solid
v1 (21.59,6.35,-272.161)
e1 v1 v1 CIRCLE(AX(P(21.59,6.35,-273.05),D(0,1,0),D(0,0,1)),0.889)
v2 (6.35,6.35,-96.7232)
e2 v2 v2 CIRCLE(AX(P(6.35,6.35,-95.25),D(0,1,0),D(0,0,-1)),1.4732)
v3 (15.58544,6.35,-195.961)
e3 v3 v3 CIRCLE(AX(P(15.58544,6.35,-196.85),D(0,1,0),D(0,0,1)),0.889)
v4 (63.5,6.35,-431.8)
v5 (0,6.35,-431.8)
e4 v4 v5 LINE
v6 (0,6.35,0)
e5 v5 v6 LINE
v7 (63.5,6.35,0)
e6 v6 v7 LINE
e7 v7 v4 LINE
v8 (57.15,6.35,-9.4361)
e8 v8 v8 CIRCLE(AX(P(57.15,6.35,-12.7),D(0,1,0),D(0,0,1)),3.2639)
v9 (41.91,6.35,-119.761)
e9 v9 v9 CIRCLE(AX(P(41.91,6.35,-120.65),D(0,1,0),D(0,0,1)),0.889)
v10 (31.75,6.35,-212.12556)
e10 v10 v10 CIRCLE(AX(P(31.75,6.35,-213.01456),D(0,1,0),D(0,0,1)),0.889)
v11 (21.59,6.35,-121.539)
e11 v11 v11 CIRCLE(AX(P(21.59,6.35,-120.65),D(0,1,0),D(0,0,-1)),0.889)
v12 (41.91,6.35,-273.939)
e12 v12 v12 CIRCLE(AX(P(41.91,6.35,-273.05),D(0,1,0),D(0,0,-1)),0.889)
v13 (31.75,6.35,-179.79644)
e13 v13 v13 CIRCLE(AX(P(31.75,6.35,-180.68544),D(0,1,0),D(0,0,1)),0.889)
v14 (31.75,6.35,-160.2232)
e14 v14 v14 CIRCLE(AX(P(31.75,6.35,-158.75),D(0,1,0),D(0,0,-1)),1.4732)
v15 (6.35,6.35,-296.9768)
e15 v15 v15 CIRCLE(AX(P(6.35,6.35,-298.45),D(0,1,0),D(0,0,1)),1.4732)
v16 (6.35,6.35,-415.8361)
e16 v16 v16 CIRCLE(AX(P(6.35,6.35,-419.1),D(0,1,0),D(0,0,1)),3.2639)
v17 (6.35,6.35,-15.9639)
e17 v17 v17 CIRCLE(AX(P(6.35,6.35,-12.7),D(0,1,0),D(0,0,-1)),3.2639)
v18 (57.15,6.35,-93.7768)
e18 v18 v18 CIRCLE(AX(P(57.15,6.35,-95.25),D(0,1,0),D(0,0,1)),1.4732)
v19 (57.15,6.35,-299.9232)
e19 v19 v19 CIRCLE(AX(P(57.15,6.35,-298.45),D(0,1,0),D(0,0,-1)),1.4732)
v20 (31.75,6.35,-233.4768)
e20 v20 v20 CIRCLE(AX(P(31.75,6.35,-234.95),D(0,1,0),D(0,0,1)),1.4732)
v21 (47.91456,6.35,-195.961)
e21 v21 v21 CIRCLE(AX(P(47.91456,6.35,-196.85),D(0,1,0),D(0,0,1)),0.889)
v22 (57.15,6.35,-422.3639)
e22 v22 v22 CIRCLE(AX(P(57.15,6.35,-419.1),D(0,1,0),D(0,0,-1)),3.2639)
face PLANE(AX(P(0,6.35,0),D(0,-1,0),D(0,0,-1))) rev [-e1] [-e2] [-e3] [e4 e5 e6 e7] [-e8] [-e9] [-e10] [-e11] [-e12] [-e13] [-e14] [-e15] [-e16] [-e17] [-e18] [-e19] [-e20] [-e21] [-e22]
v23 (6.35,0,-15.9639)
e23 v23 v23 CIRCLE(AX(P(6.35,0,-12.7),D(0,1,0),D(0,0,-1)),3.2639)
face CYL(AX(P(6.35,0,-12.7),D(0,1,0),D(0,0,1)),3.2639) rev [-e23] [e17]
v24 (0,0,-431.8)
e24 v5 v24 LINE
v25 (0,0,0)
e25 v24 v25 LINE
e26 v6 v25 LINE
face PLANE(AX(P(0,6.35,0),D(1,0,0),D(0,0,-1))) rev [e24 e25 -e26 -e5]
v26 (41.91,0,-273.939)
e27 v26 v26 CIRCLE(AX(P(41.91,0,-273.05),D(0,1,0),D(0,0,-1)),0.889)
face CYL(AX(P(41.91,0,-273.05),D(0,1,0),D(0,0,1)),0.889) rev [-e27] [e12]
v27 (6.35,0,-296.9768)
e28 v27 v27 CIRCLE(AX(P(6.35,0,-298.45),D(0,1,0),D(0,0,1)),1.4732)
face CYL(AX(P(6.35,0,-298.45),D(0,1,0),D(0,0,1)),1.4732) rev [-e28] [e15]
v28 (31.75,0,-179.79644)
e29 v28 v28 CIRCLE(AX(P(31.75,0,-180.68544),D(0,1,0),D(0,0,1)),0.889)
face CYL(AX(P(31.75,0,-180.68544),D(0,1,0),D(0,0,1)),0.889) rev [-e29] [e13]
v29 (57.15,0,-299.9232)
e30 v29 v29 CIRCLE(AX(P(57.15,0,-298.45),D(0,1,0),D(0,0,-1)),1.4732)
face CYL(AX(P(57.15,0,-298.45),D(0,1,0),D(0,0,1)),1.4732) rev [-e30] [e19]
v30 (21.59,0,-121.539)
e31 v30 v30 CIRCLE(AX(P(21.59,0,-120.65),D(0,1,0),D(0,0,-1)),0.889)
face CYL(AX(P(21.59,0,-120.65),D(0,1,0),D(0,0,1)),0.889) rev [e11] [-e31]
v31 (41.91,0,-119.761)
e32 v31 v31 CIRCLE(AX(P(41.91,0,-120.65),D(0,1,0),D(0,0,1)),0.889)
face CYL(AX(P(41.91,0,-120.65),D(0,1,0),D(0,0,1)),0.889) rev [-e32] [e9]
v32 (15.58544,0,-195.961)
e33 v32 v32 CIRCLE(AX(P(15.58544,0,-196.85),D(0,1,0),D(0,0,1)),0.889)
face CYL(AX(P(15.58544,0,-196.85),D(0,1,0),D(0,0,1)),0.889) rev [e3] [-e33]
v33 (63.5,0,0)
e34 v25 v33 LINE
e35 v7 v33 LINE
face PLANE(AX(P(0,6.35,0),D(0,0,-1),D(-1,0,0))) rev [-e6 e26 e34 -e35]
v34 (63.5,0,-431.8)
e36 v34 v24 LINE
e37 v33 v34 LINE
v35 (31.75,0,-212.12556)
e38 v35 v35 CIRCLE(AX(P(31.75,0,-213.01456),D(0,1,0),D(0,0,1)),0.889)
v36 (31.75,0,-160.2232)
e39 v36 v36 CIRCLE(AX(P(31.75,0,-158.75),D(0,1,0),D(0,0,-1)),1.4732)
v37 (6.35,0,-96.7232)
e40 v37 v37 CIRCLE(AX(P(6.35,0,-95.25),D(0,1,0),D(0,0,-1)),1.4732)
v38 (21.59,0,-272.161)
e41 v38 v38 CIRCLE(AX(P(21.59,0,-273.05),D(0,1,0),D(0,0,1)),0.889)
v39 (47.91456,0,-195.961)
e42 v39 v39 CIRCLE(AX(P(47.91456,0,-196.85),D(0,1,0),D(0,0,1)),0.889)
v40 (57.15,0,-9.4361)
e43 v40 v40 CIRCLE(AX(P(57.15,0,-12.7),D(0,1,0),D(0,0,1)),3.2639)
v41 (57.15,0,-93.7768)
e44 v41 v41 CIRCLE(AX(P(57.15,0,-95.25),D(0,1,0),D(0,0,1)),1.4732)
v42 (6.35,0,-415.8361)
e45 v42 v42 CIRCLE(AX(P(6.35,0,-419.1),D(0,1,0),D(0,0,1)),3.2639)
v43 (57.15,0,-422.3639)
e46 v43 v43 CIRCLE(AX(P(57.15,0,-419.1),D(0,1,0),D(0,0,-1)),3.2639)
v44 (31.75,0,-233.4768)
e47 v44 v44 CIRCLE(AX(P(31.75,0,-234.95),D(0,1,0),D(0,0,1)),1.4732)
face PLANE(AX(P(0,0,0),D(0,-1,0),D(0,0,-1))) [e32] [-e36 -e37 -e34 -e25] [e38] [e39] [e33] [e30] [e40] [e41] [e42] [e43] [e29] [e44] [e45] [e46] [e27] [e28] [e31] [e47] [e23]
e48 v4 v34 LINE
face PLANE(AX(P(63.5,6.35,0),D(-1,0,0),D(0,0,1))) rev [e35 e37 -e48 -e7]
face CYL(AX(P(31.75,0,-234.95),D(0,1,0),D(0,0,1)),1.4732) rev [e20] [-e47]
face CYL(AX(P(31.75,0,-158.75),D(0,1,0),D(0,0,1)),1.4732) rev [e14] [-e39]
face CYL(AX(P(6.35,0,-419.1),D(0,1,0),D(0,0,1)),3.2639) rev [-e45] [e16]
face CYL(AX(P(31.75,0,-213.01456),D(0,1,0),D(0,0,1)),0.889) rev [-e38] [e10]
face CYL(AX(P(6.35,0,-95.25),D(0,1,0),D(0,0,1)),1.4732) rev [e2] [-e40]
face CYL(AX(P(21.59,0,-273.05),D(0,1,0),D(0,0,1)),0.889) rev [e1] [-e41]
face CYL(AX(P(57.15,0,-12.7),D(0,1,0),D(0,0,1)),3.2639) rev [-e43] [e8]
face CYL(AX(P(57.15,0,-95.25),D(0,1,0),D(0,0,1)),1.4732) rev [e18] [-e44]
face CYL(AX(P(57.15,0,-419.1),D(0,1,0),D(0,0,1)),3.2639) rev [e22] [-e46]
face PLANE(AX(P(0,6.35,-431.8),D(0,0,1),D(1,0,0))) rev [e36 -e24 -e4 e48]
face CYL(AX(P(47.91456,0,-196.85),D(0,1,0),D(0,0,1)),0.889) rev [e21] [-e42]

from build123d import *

# Parameters (mm, degrees)
SKETCH1_W           = 63.5
SKETCH1_H           = 431.8
BOSS_EXTRUDE1_DEPTH = 6.35
SKETCH6_R           = 3.2639
CUT_EXTRUDE9_DEPTH  = 437.490334945
SKETCH7_R           = 1.4732
CUT_EXTRUDE10_DEPTH = 437.490334945
SKETCH8_R           = 0.889
CUT_EXTRUDE11_DEPTH = 437.490334945


with BuildPart() as part:
    # Sketch1 → Boss-Extrude1 (new body)
    with BuildSketch(Plane(origin=(0, 0, 0), x_dir=(1, 0, 0), z_dir=(0, 1, 0))):
        with Locations((31.75, 215.9)):
            Rectangle(SKETCH1_W, SKETCH1_H)
    extrude(amount=BOSS_EXTRUDE1_DEPTH)

    # Sketch6 → Cut-Extrude9 (cut, through all)
    with BuildSketch(Plane(origin=(0, 6.35, 0), x_dir=(1, 0, 0), z_dir=(0, 1, 0))):
        with Locations(Location((6.35, 419.1, 0), (0, 0, 270))):
            Circle(SKETCH6_R)
        with Locations(Location((57.15, 419.1, 0), (0, 0, 90))):
            Circle(SKETCH6_R)
        with Locations(Location((57.15, 12.7, 0), (0, 0, 270))):
            Circle(SKETCH6_R)
        with Locations(Location((6.35, 12.7, 0), (0, 0, 90))):
            Circle(SKETCH6_R)
    extrude(amount=-CUT_EXTRUDE9_DEPTH, mode=Mode.SUBTRACT)

    # Sketch7 → Cut-Extrude10 (cut, through all)
    with BuildSketch(Plane(origin=(0, 6.35, 0), x_dir=(1, 0, 0), z_dir=(0, 1, 0))):
        with Locations(Location((6.35, 298.45, 0), (0, 0, 270))):
            Circle(SKETCH7_R)
        with Locations(Location((57.15, 298.45, 0), (0, 0, 90))):
            Circle(SKETCH7_R)
        with Locations(Location((57.15, 95.25, 0), (0, 0, 270))):
            Circle(SKETCH7_R)
        with Locations(Location((6.35, 95.25, 0), (0, 0, 90))):
            Circle(SKETCH7_R)
        with Locations(Location((31.75, 234.95, 0), (0, 0, 270))):
            Circle(SKETCH7_R)
        with Locations(Location((31.75, 158.75, 0), (0, 0, 90))):
            Circle(SKETCH7_R)
    extrude(amount=-CUT_EXTRUDE10_DEPTH, mode=Mode.SUBTRACT)

    # Sketch8 → Cut-Extrude11 (cut, through all)
    with BuildSketch(Plane(origin=(0, 6.35, 0), x_dir=(1, 0, 0), z_dir=(0, 1, 0))):
        with Locations(Location((15.58544, 196.85, 0), (0, 0, 270))):
            Circle(SKETCH8_R)
        with Locations(Location((31.75, 213.01456, 0), (0, 0, 270))):
            Circle(SKETCH8_R)
        with Locations(Location((47.91456, 196.85, 0), (0, 0, 270))):
            Circle(SKETCH8_R)
        with Locations(Location((31.75, 180.68544, 0), (0, 0, 270))):
            Circle(SKETCH8_R)
        with Locations(Location((21.59, 273.05, 0), (0, 0, 270))):
            Circle(SKETCH8_R)
        with Locations(Location((41.91, 273.05, 0), (0, 0, 90))):
            Circle(SKETCH8_R)
        with Locations(Location((41.91, 120.65, 0), (0, 0, 270))):
            Circle(SKETCH8_R)
        with Locations(Location((21.59, 120.65, 0), (0, 0, 90))):
            Circle(SKETCH8_R)
    extrude(amount=-CUT_EXTRUDE11_DEPTH, mode=Mode.SUBTRACT)


solid = part.part
